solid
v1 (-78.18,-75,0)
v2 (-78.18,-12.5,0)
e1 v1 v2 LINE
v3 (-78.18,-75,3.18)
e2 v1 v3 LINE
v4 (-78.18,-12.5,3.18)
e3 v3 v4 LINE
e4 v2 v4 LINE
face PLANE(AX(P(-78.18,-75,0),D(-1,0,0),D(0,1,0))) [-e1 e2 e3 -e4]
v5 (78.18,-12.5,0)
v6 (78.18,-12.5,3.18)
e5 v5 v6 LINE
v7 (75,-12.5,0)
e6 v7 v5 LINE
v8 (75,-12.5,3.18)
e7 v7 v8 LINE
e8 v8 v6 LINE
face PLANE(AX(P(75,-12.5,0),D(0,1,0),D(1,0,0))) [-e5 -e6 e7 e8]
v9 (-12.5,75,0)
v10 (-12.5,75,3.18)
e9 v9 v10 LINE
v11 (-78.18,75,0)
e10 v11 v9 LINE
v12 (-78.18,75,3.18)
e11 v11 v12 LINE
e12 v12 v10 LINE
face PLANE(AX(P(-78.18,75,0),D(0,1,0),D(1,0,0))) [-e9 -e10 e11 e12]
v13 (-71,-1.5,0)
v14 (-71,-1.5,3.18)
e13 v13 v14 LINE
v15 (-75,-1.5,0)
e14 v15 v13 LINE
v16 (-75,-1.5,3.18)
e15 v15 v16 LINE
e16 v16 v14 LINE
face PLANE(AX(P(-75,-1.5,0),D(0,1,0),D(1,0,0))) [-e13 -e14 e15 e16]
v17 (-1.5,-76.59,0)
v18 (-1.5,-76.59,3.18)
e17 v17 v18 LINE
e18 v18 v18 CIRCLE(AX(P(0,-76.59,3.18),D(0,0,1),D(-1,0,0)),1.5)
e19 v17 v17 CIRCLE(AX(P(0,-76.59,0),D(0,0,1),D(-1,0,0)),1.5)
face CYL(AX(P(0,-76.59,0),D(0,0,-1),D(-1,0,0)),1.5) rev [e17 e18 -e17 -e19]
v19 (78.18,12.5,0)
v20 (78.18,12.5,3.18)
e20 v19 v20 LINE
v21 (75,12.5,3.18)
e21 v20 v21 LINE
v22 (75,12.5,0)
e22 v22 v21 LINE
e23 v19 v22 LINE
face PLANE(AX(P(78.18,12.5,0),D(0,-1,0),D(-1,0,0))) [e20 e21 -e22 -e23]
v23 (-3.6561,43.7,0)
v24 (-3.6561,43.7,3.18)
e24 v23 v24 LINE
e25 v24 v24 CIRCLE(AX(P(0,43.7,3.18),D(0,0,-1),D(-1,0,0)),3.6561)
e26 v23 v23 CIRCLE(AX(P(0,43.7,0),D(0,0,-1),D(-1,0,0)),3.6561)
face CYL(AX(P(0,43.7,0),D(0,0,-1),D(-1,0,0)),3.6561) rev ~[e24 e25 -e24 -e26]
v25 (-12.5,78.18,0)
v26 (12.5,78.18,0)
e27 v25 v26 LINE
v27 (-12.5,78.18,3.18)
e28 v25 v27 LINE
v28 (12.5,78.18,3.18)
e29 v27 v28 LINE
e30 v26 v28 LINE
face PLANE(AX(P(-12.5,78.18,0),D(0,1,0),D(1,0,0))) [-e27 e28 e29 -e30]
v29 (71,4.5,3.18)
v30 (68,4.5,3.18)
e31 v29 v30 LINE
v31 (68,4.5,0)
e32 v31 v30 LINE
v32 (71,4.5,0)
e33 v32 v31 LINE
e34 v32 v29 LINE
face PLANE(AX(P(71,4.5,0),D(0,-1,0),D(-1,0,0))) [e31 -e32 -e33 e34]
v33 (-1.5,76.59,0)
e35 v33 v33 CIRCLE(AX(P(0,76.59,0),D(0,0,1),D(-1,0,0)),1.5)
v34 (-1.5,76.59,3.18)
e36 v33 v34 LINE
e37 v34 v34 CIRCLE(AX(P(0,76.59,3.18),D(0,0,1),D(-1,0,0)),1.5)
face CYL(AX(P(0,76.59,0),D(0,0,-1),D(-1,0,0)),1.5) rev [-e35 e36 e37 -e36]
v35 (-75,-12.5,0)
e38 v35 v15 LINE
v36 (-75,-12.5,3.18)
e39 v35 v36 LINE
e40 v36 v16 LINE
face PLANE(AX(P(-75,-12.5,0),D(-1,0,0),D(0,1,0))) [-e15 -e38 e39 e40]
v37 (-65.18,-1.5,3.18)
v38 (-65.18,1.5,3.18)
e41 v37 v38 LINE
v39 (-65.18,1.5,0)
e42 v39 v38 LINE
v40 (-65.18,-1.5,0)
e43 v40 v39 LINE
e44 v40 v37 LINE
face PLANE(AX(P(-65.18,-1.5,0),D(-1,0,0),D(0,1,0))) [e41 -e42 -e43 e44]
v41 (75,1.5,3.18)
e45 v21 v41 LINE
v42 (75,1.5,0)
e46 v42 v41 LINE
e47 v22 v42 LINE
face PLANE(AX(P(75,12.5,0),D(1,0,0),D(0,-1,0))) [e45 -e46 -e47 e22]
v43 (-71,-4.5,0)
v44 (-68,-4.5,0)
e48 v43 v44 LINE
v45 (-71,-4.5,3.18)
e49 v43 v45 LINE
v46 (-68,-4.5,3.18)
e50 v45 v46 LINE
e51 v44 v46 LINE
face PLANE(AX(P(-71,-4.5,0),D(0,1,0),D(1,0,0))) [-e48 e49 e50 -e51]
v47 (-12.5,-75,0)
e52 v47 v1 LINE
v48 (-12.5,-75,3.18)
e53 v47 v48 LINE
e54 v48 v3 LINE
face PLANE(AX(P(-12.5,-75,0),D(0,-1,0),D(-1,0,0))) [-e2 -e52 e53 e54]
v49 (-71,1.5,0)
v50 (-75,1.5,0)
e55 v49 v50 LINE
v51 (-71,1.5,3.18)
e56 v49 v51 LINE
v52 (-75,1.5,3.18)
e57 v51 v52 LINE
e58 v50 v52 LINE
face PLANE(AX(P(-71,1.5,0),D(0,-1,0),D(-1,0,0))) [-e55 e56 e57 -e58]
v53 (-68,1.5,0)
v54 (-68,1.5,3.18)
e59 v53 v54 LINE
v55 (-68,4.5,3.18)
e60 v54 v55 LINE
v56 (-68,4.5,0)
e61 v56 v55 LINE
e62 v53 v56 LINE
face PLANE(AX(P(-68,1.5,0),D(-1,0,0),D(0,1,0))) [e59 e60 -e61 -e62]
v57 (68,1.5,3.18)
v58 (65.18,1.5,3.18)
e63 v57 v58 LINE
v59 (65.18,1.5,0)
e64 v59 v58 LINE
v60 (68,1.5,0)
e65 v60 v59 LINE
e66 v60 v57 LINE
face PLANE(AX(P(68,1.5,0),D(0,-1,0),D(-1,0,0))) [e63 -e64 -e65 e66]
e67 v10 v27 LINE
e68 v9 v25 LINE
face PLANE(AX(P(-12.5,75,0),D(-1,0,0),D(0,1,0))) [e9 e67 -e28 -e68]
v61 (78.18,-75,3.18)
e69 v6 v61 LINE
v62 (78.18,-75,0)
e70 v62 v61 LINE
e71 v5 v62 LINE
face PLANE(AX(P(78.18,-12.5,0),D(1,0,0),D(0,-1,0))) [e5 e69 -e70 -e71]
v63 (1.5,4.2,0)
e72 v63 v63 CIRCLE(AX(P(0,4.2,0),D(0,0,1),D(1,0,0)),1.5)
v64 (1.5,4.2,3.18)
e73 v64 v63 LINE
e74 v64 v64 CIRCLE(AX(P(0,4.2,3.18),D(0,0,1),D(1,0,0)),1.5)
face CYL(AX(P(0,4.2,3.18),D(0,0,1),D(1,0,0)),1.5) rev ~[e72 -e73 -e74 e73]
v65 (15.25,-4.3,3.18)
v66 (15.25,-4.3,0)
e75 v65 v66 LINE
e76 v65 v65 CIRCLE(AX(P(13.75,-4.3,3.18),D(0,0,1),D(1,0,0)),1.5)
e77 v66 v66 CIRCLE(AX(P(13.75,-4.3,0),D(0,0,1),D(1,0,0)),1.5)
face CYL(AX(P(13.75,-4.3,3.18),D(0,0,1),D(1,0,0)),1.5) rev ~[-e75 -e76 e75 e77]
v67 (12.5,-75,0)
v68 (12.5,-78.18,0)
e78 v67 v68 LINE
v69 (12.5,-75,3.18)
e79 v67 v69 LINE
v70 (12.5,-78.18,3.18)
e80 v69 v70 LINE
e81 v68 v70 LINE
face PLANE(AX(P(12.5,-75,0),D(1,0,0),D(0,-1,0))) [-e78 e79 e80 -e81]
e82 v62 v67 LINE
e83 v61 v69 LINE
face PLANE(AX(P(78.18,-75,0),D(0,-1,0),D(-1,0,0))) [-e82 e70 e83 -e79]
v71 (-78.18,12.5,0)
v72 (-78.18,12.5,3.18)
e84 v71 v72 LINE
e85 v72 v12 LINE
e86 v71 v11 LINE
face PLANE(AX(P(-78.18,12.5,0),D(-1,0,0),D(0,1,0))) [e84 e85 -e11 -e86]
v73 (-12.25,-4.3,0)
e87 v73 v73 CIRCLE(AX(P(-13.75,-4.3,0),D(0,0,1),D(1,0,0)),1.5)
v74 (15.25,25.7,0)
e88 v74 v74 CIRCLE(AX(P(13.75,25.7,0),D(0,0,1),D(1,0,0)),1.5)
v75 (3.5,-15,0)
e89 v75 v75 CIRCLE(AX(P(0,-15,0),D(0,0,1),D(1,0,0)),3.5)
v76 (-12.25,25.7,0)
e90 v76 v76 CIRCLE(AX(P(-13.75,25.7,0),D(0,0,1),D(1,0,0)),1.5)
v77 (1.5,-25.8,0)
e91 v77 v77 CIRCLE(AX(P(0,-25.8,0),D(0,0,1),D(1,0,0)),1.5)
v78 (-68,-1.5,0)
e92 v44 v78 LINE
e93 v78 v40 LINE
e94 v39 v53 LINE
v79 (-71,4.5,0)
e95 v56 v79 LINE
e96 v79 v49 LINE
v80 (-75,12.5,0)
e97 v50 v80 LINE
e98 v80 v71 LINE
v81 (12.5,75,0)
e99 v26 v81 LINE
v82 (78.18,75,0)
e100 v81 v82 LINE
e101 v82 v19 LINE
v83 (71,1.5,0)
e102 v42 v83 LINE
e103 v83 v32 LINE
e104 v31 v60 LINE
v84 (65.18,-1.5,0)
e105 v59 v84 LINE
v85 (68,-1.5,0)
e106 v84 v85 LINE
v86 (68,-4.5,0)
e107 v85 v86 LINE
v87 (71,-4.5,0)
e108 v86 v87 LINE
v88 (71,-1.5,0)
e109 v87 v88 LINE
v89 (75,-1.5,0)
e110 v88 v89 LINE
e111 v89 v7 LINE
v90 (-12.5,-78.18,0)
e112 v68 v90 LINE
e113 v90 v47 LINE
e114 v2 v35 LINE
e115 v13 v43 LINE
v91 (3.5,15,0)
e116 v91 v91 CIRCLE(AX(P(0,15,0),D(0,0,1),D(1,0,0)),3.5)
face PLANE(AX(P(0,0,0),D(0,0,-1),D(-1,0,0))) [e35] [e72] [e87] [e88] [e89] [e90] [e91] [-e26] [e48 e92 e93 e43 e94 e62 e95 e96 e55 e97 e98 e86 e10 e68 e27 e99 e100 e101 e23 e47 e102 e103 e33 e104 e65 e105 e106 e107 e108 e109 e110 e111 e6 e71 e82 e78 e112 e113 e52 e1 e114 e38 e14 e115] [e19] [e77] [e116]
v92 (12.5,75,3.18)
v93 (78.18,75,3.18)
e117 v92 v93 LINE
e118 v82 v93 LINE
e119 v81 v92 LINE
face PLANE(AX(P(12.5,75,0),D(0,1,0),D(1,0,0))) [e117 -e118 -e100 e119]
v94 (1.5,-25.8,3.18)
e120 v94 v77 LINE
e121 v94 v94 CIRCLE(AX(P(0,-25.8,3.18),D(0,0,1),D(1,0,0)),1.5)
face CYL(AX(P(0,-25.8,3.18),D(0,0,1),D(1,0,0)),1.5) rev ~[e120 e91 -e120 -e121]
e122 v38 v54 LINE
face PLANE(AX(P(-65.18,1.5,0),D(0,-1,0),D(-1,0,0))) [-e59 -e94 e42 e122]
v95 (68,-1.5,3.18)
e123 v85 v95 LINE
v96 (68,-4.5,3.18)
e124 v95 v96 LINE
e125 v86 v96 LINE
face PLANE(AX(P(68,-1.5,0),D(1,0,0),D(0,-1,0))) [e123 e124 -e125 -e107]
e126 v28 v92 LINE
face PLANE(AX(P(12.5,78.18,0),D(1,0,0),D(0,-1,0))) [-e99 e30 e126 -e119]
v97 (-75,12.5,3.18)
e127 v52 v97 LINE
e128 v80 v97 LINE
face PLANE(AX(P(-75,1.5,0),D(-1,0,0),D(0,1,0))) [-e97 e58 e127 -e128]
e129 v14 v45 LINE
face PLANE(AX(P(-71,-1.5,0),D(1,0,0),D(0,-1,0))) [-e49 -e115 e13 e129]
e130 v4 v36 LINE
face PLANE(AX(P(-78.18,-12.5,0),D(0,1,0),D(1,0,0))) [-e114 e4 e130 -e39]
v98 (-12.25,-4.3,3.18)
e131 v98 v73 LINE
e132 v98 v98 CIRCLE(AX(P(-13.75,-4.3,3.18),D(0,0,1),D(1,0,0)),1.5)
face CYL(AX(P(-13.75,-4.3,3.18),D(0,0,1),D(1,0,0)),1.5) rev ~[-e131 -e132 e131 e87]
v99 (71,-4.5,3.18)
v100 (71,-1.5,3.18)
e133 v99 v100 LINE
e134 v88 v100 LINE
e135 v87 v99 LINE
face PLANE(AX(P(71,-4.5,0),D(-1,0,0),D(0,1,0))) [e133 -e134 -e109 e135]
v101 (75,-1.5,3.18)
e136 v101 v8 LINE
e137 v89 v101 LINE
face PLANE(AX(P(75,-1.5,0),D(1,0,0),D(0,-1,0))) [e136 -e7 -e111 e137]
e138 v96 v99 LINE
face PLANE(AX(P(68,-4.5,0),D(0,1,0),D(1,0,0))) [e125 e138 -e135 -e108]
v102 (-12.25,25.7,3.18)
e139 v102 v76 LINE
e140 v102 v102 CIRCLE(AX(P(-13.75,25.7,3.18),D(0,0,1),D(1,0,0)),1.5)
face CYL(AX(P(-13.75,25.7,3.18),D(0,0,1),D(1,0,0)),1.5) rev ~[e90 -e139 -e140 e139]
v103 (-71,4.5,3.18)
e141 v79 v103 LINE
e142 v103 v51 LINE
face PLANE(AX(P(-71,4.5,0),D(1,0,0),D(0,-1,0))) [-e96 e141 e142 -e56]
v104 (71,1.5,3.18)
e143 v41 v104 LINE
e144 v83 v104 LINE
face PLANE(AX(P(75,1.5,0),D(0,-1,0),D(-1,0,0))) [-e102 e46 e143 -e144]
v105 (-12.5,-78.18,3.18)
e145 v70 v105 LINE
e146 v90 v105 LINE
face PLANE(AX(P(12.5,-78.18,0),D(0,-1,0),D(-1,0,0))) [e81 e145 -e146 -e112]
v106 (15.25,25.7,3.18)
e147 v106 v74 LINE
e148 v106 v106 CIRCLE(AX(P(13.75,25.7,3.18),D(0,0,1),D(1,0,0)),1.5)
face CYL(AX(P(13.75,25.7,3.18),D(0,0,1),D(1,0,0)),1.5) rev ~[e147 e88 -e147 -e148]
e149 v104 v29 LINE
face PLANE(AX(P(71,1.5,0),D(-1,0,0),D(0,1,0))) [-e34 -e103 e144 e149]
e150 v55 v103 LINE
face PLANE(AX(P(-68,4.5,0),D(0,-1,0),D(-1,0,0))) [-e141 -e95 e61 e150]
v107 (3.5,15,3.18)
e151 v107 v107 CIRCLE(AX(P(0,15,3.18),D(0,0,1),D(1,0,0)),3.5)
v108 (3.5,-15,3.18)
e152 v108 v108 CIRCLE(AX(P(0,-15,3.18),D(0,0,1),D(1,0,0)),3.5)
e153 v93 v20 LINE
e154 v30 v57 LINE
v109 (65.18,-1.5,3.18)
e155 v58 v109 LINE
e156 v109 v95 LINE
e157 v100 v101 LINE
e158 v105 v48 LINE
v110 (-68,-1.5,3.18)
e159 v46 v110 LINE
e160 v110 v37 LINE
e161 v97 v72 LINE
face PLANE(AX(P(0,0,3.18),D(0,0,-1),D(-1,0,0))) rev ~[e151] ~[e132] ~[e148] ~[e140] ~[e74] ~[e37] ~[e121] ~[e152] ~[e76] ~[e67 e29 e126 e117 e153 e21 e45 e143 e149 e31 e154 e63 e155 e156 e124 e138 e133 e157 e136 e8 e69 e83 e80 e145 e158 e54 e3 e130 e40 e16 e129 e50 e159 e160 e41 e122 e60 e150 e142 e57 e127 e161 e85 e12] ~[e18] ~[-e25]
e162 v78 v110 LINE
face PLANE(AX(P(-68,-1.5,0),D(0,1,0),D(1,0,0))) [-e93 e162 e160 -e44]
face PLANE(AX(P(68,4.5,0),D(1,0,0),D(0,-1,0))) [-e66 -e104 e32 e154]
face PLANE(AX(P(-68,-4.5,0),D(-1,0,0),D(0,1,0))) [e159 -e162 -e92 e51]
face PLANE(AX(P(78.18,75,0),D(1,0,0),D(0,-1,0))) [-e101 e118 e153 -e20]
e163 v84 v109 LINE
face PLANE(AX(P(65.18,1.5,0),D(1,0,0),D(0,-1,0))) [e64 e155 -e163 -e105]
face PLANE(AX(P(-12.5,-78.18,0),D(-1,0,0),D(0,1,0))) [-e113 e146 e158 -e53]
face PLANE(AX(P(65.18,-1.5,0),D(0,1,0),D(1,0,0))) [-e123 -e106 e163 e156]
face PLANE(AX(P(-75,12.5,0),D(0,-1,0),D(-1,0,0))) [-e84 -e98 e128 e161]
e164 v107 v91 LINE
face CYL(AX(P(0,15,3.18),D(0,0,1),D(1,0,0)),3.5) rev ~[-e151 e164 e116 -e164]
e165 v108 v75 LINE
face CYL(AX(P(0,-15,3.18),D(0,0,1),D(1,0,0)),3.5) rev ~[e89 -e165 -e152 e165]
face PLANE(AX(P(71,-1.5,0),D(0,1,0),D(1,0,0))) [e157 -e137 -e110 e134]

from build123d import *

# Parameters (mm, degrees)
SKETCH1_R           = 1.5
BOSS_EXTRUDE1_DEPTH = 3.18
SKETCH2_R           = 1.5
SKETCH2_R_2         = 3.5
CUT_EXTRUDE1_DEPTH  = 10
SKETCH3_R           = 3.656100146
CUT_EXTRUDE2_DEPTH  = 10


with BuildPart() as part:
    # Sketch1 → Boss-Extrude1 (new body)
    with BuildSketch(Plane.XY):
        Polygon((-78.18, 75), (-12.5, 75), (-12.5, 78.18), (12.5, 78.18), (12.5, 75), (78.18, 75), (78.18, 12.5), (75, 12.5), (75, 1.5), (71, 1.5), (71, 4.5), (68, 4.5), (68, 1.5), (65.18, 1.5), (65.18, -1.5), (68, -1.5), (68, -4.5), (71, -4.5), (71, -1.5), (75, -1.5), (75, -12.5), (78.18, -12.5), (78.18, -75), (12.5, -75), (12.5, -78.18), (-12.5, -78.18), (-12.5, -75), (-78.18, -75), (-78.18, -12.5), (-75, -12.5), (-75, -1.5), (-71, -1.5), (-71, -4.5), (-68, -4.5), (-68, -1.5), (-65.18, -1.5), (-65.18, 1.5), (-68, 1.5), (-68, 4.5), (-71, 4.5), (-71, 1.5), (-75, 1.5), (-75, 12.5), (-78.18, 12.5), align=None)
        with Locations(Location((0, -76.59, 0), (0, 0, 180))):
            Circle(SKETCH1_R, mode=Mode.SUBTRACT)
        with Locations(Location((0, 76.59, 0), (0, 0, 180))):
            Circle(SKETCH1_R, mode=Mode.SUBTRACT)
    extrude(amount=BOSS_EXTRUDE1_DEPTH)

    # Sketch2 → Cut-Extrude1 (cut)
    with BuildSketch(Plane.XY.offset(3.18)):
        with Locations((-13.75, -4.3)):
            Circle(SKETCH2_R)
        with Locations((0, -25.8)):
            Circle(SKETCH2_R)
        with Locations((13.75, -4.3)):
            Circle(SKETCH2_R)
        with Locations((0, 4.2)):
            Circle(SKETCH2_R)
        with Locations((13.75, 25.7)):
            Circle(SKETCH2_R)
        with Locations((-13.75, 25.7)):
            Circle(SKETCH2_R)
        with Locations((0, 15)):
            Circle(SKETCH2_R_2)
        with Locations((0, -15)):
            Circle(SKETCH2_R_2)
    extrude(amount=-CUT_EXTRUDE1_DEPTH, mode=Mode.SUBTRACT)

    # Sketch3 → Cut-Extrude2 (cut)
    with BuildSketch(Plane(origin=(0, 0, 0), x_dir=(-1, 0, 0), z_dir=(0, 0, -1))):
        with Locations((1e-09, 43.7)):
            Circle(SKETCH3_R)
    extrude(amount=-CUT_EXTRUDE2_DEPTH, mode=Mode.SUBTRACT)


solid = part.part
